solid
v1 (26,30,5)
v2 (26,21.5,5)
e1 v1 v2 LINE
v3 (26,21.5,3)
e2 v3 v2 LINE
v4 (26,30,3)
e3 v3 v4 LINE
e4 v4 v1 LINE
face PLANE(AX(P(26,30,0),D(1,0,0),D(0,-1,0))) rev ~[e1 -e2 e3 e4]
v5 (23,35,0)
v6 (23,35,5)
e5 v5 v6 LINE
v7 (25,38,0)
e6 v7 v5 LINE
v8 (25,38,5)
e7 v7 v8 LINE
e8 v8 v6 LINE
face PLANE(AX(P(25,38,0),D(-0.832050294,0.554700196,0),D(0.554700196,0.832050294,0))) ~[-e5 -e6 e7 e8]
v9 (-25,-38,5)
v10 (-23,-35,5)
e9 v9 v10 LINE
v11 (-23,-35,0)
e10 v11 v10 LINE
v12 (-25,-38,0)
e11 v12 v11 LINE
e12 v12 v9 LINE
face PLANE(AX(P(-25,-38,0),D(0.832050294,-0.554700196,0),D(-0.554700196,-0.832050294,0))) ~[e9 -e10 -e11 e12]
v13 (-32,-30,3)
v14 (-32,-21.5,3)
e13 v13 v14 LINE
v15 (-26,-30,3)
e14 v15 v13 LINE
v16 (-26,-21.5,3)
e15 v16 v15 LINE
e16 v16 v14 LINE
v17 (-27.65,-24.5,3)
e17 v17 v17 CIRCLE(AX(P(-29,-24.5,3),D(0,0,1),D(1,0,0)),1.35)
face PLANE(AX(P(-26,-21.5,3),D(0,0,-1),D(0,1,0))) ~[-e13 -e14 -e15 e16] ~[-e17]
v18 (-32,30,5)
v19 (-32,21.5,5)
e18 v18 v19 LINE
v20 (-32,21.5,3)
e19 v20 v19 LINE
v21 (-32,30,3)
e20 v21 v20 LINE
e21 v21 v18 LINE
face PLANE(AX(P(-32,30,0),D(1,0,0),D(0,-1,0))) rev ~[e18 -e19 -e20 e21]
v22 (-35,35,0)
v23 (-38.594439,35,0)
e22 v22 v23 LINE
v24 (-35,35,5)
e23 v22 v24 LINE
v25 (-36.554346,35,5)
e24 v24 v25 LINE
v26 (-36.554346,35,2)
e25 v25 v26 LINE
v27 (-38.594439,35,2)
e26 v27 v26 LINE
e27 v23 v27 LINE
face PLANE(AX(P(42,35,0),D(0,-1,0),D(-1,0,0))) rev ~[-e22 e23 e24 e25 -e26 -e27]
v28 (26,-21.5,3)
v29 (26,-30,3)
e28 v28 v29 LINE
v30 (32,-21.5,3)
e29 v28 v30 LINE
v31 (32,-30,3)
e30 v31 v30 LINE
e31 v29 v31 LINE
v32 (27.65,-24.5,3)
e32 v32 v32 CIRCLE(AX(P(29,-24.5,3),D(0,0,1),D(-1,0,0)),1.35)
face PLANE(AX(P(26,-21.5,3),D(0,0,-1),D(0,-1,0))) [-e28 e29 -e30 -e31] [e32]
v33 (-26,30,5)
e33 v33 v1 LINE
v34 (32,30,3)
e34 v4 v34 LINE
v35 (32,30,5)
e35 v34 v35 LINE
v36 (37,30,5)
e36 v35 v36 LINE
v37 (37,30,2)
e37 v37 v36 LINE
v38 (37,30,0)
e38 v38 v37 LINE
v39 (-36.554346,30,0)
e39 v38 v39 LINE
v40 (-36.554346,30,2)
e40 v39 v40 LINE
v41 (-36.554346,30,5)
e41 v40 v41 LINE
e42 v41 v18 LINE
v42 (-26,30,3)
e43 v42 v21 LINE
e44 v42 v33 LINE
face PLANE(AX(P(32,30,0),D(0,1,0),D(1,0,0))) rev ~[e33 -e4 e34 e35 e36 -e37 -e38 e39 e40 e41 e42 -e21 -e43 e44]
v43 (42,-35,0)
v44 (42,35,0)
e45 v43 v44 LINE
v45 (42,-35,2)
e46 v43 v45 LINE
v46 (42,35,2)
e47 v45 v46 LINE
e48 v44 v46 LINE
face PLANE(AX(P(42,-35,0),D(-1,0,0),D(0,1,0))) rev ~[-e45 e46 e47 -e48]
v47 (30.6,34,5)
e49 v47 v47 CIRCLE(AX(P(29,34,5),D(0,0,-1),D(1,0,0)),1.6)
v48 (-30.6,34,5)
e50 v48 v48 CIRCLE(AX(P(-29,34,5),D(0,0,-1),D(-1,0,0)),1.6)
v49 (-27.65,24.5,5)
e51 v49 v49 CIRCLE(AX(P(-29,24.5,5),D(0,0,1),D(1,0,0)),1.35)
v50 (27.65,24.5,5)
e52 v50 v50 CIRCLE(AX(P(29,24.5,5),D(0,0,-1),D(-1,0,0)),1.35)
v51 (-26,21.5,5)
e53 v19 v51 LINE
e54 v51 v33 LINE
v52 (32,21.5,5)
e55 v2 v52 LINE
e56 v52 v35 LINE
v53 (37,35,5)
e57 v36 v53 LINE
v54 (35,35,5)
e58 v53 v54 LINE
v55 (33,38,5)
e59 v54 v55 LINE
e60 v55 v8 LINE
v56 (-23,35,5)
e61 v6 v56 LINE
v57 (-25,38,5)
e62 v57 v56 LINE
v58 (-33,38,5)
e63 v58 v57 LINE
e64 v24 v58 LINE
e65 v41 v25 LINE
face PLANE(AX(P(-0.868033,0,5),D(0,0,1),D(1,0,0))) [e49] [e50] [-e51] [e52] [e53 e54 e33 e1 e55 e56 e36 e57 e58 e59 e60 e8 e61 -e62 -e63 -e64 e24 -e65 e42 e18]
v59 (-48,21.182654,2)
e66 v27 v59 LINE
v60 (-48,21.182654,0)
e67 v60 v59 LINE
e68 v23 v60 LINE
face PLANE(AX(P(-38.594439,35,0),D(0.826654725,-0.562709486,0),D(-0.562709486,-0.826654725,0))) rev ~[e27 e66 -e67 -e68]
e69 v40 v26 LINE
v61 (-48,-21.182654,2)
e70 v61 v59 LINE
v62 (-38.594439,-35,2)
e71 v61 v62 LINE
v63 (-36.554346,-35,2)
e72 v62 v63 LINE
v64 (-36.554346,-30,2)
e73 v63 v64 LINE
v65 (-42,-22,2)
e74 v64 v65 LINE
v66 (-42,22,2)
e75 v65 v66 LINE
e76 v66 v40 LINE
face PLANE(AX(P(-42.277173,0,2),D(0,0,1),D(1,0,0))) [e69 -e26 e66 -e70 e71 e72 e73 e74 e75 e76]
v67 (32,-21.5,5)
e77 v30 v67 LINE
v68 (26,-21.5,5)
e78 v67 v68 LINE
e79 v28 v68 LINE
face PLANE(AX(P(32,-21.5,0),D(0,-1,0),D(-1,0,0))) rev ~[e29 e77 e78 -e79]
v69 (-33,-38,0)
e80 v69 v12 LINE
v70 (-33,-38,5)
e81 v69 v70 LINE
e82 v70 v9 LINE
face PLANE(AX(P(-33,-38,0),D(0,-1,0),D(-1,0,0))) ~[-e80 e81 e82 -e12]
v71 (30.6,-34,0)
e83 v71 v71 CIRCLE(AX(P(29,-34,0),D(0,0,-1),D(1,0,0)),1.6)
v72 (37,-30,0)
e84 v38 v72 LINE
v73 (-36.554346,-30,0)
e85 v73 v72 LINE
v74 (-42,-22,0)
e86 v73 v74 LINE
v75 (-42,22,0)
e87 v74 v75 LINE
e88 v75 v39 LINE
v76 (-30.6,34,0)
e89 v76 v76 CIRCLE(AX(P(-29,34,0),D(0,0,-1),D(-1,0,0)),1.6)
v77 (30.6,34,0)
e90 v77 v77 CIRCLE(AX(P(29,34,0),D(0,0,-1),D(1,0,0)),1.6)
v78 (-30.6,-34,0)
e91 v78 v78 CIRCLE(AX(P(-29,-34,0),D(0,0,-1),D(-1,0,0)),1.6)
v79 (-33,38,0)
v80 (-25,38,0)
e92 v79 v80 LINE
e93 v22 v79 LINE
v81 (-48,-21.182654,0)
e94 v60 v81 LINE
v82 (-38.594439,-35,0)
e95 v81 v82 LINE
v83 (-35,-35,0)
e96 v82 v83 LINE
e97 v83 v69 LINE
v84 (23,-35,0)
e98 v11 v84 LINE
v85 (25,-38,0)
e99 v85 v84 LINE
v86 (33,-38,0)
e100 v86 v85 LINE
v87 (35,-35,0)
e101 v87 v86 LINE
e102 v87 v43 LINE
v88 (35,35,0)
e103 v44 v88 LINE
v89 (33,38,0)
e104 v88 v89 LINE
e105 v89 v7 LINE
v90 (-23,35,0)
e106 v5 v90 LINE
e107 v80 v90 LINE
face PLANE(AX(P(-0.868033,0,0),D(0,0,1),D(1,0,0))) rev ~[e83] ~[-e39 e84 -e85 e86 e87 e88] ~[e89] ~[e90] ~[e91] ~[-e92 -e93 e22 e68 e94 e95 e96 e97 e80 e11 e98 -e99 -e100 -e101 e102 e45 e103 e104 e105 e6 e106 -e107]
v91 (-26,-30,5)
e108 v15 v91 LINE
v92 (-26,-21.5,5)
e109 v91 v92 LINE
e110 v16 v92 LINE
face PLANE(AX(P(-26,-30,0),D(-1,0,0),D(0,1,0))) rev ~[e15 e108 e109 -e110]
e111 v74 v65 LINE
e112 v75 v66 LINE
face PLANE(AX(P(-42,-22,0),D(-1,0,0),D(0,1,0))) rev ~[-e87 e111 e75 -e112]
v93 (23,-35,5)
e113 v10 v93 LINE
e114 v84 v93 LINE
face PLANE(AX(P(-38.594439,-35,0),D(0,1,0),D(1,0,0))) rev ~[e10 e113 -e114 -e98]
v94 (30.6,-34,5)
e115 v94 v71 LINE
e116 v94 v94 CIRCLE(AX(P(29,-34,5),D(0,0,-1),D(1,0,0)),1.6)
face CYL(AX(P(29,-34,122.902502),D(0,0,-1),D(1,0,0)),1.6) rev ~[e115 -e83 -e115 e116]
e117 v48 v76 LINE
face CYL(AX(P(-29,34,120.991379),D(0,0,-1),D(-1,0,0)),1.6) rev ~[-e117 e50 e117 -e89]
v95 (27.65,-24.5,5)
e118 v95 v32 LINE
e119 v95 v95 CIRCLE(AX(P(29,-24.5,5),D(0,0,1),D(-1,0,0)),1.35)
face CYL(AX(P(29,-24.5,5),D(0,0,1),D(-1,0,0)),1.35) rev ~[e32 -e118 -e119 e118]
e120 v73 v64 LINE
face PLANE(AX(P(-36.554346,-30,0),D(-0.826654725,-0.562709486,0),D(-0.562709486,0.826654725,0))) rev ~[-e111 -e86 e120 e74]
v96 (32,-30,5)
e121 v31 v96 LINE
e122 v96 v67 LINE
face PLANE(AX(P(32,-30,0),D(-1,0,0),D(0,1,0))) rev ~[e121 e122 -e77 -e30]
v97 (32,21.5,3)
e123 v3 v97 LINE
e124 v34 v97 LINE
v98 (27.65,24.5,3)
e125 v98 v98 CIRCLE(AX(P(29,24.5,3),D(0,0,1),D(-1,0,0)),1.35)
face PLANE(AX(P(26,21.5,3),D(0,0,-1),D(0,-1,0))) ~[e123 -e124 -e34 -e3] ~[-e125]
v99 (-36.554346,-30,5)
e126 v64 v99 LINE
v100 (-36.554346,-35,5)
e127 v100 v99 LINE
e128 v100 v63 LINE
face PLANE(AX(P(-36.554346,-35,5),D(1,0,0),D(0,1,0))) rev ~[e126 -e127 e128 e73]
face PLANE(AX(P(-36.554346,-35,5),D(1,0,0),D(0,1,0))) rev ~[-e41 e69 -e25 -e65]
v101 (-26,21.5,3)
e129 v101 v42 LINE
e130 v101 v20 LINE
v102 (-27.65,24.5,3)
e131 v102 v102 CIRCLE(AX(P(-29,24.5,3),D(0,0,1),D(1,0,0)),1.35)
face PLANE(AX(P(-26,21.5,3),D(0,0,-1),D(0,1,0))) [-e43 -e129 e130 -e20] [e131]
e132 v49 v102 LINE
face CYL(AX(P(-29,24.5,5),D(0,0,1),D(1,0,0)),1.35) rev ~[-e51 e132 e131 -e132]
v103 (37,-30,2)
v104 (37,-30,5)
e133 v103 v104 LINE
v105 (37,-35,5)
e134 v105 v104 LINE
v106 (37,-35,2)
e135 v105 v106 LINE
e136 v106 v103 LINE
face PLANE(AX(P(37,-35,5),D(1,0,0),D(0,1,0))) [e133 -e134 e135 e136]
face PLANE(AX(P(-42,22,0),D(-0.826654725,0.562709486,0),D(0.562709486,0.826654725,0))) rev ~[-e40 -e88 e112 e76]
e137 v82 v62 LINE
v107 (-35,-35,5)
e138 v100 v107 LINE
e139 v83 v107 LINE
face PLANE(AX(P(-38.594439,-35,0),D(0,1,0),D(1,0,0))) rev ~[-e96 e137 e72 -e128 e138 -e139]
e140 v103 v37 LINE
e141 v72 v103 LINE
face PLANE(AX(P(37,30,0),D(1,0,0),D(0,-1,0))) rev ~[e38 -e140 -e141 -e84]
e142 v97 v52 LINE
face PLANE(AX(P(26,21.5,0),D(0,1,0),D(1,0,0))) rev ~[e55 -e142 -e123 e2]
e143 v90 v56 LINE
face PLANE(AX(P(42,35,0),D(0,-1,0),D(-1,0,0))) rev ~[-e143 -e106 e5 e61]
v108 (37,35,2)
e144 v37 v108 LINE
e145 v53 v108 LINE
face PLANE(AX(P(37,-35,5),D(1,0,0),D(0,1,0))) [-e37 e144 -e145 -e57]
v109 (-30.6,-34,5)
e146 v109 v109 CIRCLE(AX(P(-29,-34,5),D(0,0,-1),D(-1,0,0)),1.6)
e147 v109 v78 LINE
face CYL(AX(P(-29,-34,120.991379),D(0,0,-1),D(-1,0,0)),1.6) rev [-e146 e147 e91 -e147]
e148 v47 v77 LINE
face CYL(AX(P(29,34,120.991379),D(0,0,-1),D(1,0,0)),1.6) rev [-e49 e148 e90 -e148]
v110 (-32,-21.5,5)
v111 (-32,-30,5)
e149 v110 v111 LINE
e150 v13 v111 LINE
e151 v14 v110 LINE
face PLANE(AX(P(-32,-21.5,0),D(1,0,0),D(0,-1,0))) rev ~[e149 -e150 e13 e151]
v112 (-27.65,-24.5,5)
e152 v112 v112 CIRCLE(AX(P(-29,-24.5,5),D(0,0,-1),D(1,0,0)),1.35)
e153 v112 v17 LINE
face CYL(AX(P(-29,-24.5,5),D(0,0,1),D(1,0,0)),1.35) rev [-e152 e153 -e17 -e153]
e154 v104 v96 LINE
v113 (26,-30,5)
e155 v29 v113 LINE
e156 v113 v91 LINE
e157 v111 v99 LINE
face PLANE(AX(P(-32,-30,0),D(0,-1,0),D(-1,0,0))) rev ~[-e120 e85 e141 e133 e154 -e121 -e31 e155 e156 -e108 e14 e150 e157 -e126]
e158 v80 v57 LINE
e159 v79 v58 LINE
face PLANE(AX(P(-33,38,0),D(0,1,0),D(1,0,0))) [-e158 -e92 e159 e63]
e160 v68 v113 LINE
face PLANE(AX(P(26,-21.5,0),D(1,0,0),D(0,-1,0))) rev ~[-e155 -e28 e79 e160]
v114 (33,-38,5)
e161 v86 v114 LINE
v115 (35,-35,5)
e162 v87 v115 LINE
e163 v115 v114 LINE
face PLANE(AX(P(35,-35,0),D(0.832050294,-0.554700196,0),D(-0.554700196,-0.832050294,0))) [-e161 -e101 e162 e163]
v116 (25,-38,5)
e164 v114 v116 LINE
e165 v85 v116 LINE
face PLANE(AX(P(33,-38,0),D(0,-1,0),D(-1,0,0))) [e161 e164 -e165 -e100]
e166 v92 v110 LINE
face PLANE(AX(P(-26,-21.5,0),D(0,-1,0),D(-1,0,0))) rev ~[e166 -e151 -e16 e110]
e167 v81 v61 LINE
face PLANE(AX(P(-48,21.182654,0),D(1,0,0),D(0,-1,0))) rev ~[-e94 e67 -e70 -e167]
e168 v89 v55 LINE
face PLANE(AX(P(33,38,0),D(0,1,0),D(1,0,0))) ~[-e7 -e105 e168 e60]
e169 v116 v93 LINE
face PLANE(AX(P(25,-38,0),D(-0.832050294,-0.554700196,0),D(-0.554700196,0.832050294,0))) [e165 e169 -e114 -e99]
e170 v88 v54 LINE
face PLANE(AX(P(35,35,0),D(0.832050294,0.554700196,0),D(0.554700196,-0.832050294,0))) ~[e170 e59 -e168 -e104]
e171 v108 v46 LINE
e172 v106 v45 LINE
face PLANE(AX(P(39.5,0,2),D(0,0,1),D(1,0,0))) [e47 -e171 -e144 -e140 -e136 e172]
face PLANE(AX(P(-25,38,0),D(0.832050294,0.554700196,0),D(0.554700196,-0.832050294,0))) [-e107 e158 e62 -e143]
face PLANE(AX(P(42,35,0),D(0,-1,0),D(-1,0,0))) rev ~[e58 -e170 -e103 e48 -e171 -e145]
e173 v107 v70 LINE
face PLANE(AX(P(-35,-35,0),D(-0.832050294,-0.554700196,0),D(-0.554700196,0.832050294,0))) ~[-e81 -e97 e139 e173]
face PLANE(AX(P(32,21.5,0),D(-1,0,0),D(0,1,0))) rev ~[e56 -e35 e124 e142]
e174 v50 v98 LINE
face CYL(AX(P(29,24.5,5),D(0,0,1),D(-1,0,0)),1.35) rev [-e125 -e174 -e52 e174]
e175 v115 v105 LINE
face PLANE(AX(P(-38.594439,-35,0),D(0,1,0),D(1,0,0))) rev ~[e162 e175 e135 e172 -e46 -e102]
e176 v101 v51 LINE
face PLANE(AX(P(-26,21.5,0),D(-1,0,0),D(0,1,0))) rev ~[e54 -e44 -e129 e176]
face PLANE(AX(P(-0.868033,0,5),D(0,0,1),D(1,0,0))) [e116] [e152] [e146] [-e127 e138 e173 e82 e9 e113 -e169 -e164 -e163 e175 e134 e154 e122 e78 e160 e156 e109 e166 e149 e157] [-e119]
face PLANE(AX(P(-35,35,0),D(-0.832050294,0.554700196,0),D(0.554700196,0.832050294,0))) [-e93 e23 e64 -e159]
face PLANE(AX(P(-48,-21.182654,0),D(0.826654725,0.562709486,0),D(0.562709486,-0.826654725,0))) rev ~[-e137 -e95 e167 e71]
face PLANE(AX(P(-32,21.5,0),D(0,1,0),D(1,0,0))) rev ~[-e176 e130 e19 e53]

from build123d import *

# Parameters (mm, degrees)
BODY_DEPTH                       = 5
SIDE_EXTRUSION_DEPTH             = 5
MOUNTING_HOLE_D                  = 3.2
MOUNTING_CUTOUT_REACH            = 80.058
SKETCH7_W                        = 3
SKETCH7_H                        = 8.5
SKETCH8_R                        = 1.35
MOUNTING_HOLE_CUTOUT_DEPTH       = 62.424750712
MOUNTING_MIRROR2_COPY_1_DEPTH    = 5
MOUNTING_MIRROR2_COPY_2_D        = 3.2
MOUNTING_MIRROR2_COPY_3_REACH    = 80.058
MOUNTING_MIRROR2_COPY_3_SKETCH_W = 3
MOUNTING_MIRROR2_COPY_3_SKETCH_H = 8.5
MOUNTING_MIRROR2_COPY_4_SKETCH_R = 1.35
MOUNTING_MIRROR2_COPY_4_DEPTH    = 62.424750712
SKETCH9_W                        = 5
SKETCH9_H                        = 70
SKETCH9_W_2                      = 11.445654338
RPI_SPACING_CUTOUT_DEPTH         = 3


with BuildPart() as part:
    # Sketch3 → body (new body)
    with BuildSketch(Plane.XY):
        Polygon((-48, 21.182653996), (-48, -21.182653996), (-38.594438725, -35), (42, -35), (42, 35), (-38.594438725, 35), align=None)
        Polygon((-26, 21.5), (-26, 30), (26, 30), (26, 21.5), (32, 21.5), (32, 30), (37, 30), (37, -30), (32, -30), (32, -21.5), (26, -21.5), (26, -30), (-26, -30), (-26, -21.5), (-32, -21.5), (-32, -30), (-36.554345662, -30), (-42, -22), (-42, 22), (-36.554345662, 30), (-32, 30), (-32, 21.5), align=None, mode=Mode.SUBTRACT)
    extrude(amount=BODY_DEPTH)

    # Sketch4 → side_extrusion (add)
    with BuildSketch(Plane.XY):
        Polygon((-35, 35), (-33, 38), (-25, 38), (-23, 35), align=None)
    side_extrusion = extrude(amount=SIDE_EXTRUSION_DEPTH)

    # mounting_hole (through all)
    with Locations(Plane.XY.offset(5)):
        with Locations((-29, 34)):
            mounting_hole = Hole(MOUNTING_HOLE_D / 2)

    # Sketch7 → mounting_cutout (cut, up to next)
    with BuildSketch(Plane(origin=(-26, 0, 0), x_dir=(0, 0, -1), z_dir=(1, 0, 0)), mode=Mode.PRIVATE) as mounting_cutout_sk1:
        with Locations((-1.5, 25.75)):
            Rectangle(SKETCH7_W, SKETCH7_H)
    mounting_cutout_tool1 = extrude(mounting_cutout_sk1.sketch, amount=-MOUNTING_CUTOUT_REACH, mode=Mode.PRIVATE) & part.part
    mounting_cutout = mounting_cutout_tool1.solids().sort_by_distance((-26, 25.75, 1.5))[0]
    add(mounting_cutout, mode=Mode.SUBTRACT)

    # Sketch8 → mounting_hole_cutout (cut, through all)
    with BuildSketch(Plane.XY.offset(5)):
        with Locations((-29, 24.5)):
            Circle(SKETCH8_R)
    mounting_hole_cutout = extrude(amount=-MOUNTING_HOLE_CUTOUT_DEPTH, mode=Mode.SUBTRACT)

    # mounting_mirror1: side_extrusion, mounting_hole, mounting_cutout, mounting_hole_cutout across plane
    add(side_extrusion.mirror(Plane(origin=(0, 0, 0), x_dir=(0, 0, 1), z_dir=(1, 0, 0))))
    add(mounting_hole.mirror(Plane(origin=(0, 0, 0), x_dir=(0, 0, 1), z_dir=(1, 0, 0))), mode=Mode.SUBTRACT)
    add(mounting_cutout.mirror(Plane(origin=(0, 0, 0), x_dir=(0, 0, 1), z_dir=(1, 0, 0))), mode=Mode.SUBTRACT)
    add(mounting_hole_cutout.mirror(Plane(origin=(0, 0, 0), x_dir=(0, 0, 1), z_dir=(1, 0, 0))), mode=Mode.SUBTRACT)

    # mounting_mirror2: side_extrusion, mounting_hole, mounting_cutout, mounting_hole_cutout across plane
    add(side_extrusion.mirror(Plane.ZX))
    add(mounting_hole.mirror(Plane.ZX), mode=Mode.SUBTRACT)
    add(mounting_cutout.mirror(Plane.ZX), mode=Mode.SUBTRACT)
    add(mounting_hole_cutout.mirror(Plane.ZX), mode=Mode.SUBTRACT)

    # mounting_mirror2 copy 1 sketch → mounting_mirror2 copy 1 (add)
    with BuildSketch(Plane(origin=(0, 0, 0), x_dir=(-1, 0, 0), z_dir=(0, 0, 1))):
        Polygon((-35, 35), (-33, 38), (-25, 38), (-23, 35), align=None)
    extrude(amount=MOUNTING_MIRROR2_COPY_1_DEPTH)

    # mounting_mirror2 copy 2 (through all)
    with Locations(Plane(origin=(0, 0, 5), x_dir=(-1, 0, 0), z_dir=(0, 0, 1))):
        with Locations((-29, 34)):
            Hole(MOUNTING_MIRROR2_COPY_2_D / 2)

    # mounting_mirror2 copy 3 sketch → mounting_mirror2 copy 3 (cut, up to next)
    with BuildSketch(Plane(origin=(26, 0, 0), x_dir=(0, 0, -1), z_dir=(-1, 0, 0)), mode=Mode.PRIVATE) as mounting_mirror2_copy_3_sk1:
        with Locations((-1.5, 25.75)):
            Rectangle(MOUNTING_MIRROR2_COPY_3_SKETCH_W, MOUNTING_MIRROR2_COPY_3_SKETCH_H)
    mounting_mirror2_copy_3_tool1 = extrude(mounting_mirror2_copy_3_sk1.sketch, amount=-MOUNTING_MIRROR2_COPY_3_REACH, mode=Mode.PRIVATE) & part.part
    add(mounting_mirror2_copy_3_tool1.solids().sort_by_distance((26, -25.75, 1.5))[0], mode=Mode.SUBTRACT)

    # mounting_mirror2 copy 4 sketch → mounting_mirror2 copy 4 (cut, through all)
    with BuildSketch(Plane(origin=(0, 0, 5), x_dir=(-1, 0, 0), z_dir=(0, 0, 1))):
        with Locations((-29, 24.5)):
            Circle(MOUNTING_MIRROR2_COPY_4_SKETCH_R)
    extrude(amount=-MOUNTING_MIRROR2_COPY_4_DEPTH, mode=Mode.SUBTRACT)

    # Sketch9 → rpi_spacing_cutout (cut)
    with BuildSketch(Plane.XY.offset(5)):
        with Locations((39.5, 0)):
            Rectangle(SKETCH9_W, SKETCH9_H)
        with Locations((-42.277172831, 0)):
            Rectangle(SKETCH9_W_2, SKETCH9_H)
    extrude(amount=-RPI_SPACING_CUTOUT_DEPTH, mode=Mode.SUBTRACT)


solid = part.part
